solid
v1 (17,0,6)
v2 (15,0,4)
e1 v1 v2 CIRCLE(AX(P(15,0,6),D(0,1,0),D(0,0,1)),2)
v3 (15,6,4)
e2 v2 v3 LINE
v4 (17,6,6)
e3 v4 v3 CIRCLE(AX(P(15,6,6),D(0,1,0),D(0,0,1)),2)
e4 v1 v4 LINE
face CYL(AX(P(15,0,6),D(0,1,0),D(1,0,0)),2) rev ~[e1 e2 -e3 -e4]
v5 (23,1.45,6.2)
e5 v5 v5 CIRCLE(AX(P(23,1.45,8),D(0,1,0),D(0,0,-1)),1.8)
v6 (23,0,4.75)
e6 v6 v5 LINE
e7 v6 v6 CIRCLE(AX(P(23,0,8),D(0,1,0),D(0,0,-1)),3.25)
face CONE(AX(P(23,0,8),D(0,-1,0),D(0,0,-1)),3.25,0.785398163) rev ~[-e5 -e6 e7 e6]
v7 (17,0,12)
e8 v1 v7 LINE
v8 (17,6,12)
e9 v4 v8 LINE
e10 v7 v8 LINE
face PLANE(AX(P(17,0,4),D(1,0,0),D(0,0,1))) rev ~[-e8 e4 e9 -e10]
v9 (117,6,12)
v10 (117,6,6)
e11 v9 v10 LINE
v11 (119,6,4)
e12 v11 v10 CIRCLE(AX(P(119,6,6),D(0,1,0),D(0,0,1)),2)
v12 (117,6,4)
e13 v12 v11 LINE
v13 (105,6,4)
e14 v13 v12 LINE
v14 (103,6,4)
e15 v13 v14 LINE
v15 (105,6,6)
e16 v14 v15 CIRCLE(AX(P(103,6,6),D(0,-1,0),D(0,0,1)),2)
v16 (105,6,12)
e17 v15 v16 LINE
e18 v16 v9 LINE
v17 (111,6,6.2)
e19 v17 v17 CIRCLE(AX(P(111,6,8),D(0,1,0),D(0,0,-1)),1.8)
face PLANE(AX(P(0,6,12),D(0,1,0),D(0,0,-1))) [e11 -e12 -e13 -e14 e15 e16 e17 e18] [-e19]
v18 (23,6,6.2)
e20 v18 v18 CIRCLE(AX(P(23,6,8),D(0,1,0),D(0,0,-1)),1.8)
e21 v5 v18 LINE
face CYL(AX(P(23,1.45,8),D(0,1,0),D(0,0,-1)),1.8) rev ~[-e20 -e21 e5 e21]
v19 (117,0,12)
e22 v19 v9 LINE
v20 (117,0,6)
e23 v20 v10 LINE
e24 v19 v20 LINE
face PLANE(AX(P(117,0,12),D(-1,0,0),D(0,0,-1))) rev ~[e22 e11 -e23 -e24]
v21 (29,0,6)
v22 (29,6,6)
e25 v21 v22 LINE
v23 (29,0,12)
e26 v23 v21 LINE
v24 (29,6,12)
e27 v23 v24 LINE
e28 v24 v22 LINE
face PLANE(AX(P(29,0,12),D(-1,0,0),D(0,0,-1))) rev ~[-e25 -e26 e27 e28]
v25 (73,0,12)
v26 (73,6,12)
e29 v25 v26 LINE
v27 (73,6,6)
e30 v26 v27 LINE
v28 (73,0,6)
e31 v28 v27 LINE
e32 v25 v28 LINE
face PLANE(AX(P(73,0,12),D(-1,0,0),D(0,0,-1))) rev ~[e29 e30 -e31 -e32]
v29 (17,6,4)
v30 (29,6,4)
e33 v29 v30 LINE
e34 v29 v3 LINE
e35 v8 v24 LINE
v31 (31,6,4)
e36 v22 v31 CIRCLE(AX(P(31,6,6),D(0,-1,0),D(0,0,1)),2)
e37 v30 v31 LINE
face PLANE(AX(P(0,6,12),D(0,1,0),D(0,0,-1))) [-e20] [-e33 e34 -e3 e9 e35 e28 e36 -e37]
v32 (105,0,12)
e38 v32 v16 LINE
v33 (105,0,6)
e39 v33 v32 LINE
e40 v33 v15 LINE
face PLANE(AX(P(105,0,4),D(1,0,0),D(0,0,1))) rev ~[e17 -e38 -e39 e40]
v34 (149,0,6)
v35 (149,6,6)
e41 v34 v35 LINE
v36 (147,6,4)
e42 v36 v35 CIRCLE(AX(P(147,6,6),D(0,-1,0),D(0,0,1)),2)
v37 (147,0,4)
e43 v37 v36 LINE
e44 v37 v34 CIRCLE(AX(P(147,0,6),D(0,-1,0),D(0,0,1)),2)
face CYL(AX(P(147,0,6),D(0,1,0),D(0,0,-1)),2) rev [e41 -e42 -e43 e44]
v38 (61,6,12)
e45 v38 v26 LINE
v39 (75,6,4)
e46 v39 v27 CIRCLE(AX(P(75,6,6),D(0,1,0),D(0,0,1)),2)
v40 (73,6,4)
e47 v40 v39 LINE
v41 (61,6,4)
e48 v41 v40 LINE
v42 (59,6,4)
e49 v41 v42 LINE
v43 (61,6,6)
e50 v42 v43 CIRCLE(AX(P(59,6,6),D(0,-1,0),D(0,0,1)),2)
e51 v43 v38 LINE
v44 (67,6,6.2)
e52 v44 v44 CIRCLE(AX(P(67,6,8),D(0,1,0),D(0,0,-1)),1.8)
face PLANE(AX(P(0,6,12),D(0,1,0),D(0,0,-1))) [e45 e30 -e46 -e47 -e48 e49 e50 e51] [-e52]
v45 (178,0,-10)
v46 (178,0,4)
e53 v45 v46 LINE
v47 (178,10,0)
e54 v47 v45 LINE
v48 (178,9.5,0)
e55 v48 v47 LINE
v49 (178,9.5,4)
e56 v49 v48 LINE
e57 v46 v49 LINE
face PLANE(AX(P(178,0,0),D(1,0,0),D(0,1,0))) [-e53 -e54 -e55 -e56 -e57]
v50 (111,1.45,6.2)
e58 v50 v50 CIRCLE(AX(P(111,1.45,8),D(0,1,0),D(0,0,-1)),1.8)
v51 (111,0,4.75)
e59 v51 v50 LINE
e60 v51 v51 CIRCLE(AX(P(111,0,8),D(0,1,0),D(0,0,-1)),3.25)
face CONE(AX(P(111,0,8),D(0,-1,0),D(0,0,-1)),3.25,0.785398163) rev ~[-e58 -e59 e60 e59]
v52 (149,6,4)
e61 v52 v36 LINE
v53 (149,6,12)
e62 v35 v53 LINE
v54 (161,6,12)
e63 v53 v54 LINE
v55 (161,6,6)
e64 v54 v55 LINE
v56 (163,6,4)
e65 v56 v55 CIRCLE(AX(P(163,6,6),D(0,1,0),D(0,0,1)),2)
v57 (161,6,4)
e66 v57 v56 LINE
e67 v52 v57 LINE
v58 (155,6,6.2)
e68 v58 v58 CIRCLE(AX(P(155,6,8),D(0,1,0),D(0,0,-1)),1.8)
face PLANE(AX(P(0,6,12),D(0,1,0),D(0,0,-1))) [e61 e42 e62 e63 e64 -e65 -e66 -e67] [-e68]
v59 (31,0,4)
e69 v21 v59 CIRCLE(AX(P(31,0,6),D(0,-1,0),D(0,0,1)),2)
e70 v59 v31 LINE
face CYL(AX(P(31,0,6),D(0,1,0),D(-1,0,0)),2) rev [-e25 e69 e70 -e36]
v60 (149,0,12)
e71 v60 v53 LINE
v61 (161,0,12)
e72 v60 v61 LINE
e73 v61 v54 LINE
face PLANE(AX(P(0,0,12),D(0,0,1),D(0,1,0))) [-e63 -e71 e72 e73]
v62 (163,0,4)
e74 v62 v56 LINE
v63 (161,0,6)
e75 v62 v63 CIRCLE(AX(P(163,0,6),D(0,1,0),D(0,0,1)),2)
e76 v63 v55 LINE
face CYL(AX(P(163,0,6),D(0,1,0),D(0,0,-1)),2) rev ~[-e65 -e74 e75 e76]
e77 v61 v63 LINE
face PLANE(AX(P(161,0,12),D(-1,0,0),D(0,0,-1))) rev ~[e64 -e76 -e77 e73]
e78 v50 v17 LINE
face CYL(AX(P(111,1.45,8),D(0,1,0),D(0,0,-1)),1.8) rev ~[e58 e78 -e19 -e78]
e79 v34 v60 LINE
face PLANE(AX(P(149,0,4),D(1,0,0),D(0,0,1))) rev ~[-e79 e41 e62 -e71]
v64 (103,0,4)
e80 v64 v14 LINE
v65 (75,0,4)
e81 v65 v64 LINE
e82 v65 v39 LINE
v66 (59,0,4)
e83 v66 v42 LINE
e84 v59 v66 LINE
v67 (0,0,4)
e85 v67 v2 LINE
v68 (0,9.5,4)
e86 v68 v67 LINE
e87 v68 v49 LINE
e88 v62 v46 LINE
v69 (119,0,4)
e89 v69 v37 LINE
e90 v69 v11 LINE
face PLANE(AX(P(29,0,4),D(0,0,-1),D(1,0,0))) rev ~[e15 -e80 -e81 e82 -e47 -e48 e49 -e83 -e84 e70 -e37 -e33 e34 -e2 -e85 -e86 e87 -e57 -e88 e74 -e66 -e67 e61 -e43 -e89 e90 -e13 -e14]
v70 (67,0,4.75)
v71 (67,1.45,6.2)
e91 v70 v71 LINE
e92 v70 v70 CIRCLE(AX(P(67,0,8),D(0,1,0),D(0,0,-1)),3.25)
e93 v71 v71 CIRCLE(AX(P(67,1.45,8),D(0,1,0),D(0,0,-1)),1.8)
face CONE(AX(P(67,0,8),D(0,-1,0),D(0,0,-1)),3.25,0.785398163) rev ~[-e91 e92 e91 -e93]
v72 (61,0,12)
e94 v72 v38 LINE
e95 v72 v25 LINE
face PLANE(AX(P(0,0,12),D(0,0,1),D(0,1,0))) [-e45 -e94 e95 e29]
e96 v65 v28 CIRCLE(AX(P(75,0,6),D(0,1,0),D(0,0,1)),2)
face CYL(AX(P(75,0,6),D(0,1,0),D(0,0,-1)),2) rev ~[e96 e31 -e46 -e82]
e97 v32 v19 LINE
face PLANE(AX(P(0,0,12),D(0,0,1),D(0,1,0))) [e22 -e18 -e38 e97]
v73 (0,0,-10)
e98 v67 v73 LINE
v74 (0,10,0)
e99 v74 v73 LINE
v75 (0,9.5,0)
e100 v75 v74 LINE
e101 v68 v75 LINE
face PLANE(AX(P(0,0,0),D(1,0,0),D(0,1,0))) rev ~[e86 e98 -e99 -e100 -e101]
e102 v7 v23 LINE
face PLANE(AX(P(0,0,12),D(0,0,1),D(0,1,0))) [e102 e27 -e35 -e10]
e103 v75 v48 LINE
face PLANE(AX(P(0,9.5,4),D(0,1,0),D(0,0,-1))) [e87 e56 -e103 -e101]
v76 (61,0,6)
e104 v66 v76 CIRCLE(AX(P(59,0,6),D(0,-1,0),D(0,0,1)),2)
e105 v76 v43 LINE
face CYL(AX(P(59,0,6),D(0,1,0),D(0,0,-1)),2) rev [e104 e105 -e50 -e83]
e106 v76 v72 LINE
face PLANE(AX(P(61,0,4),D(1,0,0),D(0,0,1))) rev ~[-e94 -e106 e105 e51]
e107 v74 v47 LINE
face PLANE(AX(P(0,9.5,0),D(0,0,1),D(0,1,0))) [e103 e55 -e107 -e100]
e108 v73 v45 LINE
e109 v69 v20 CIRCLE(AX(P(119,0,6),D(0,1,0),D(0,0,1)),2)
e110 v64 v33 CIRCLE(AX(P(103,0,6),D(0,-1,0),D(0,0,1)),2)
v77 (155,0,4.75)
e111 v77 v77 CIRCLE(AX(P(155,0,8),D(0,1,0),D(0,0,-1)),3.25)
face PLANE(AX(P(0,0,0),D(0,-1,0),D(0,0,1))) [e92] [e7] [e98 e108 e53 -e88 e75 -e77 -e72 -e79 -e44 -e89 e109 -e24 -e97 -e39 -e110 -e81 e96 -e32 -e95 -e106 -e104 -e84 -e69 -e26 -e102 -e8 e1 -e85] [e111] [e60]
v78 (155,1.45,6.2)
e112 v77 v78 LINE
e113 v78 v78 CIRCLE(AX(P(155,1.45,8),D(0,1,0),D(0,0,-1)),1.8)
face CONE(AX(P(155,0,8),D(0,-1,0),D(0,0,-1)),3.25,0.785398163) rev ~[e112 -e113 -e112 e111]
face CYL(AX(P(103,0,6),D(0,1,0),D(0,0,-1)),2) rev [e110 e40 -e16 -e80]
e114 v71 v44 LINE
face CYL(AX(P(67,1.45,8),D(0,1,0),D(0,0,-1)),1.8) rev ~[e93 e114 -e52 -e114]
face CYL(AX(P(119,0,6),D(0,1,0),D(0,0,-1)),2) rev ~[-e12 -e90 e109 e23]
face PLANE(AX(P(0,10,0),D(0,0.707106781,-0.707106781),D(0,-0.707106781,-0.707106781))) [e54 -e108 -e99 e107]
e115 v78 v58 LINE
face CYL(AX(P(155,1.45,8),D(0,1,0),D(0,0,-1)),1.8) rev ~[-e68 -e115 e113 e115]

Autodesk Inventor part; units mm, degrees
ref_plane "YZ Plane" through (0, 0, 0) normal (1, 0, 0) x (0, 1, 0)
ref_plane "XZ Plane" through (0, 0, 0) normal (0, 1, 0) x (-1, 0, 0)
ref_plane "XY Plane" through (0, 0, 0) normal (0, 0, 1) x (1, 0, 0)
sketch "Sketch3" plane through (0, 0, 0) normal (1, 0, 0) x (0, 1, 0)
  line L0 (0, 0) -> (10, 0)
  line L1 (10, 0) -> (10, -10)
  line L2 (10, -10) -> (0, -10)
  line L3 (0, -10) -> (0, 0)
  line L4 (10, 0) -> (0, -10)
  line L5 (6, 0) -> (0, 0)
  line L6 (0, 0) -> (0, 12)
  line L7 (0, 12) -> (6, 12)
  line L8 (6, 12) -> (6, 0)
  line L9 (9.5, 0) -> (6, 0)
  line L10 (6, 0) -> (6, 4)
  line L11 (6, 4) -> (9.5, 4)
  line L12 (9.5, 4) -> (9.5, 0)
  dimension "d30" = 12
  dimension "d31" = 6
  dimension "d63" = 10
  dimension "d74" = 0.5
  dimension "d75" = 4
  dimension "d76" = 3.5
  dimension "d141" = 45
  dimension "d142" = 10
extrude "Extrusion2" add sketch "Sketch3" along normal blind 178 contours L6 L7 L8 L0 | L0 L4 L3 | L8 L11 L12 L0
sketch "Sketch10" plane through (0, 0, -10) normal (0, -1, 0) x (1, 0, 0)
  line L0 (0, 14) -> (0, 22) projected
  line L1 (0, 22) -> (178, 22) projected
  line L2 (178, 14) -> (178, 22) projected
  line L3 (0, 14) -> (178, 14) projected
  line L4 (0, 10) -> (0, 14) projected
  line L5 (0, 14) -> (17, 14)
  line L6 (17, 14) -> (17, 22)
  line L7 (17, 22) -> (0, 22)
  line L8 (0, 22) -> (0, 14)
  line L9 (0, 14) -> (178, 14) projected
  line L10 (178, 22) -> (161, 22)
  line L11 (161, 22) -> (161, 14)
  line L12 (161, 14) -> (178, 14)
  line L13 (178, 14) -> (178, 22)
  line L14 (17, 22) -> (29, 22)
  line L15 (29, 22) -> (29, 14)
  line L16 (29, 14) -> (17, 14)
  line L17 (17, 14) -> (17, 22)
  line L18 (61, 22) -> (73, 22)
  line L19 (73, 22) -> (73, 14)
  line L20 (73, 14) -> (61, 14)
  line L21 (61, 14) -> (61, 22)
  line L22 (105, 22) -> (117, 22)
  line L23 (117, 22) -> (117, 14)
  line L24 (117, 14) -> (105, 14)
  line L25 (105, 14) -> (105, 22)
  line L26 (149, 22) -> (161, 22)
  line L27 (161, 22) -> (161, 14)
  line L28 (161, 14) -> (149, 14)
  line L29 (149, 14) -> (149, 22)
  line L30 (17, 22) -> (29, 14)
  line L31 (29, 22) -> (17, 14)
  line L32 (61, 22) -> (73, 14)
  line L33 (73, 22) -> (61, 14)
  line L34 (105, 22) -> (117, 14)
  line L35 (117, 22) -> (105, 14)
  line L36 (149, 22) -> (161, 14)
  line L37 (161, 22) -> (149, 14)
  point P0 (105, 14)
  point P1 (23, 18)
  point P2 (67, 18)
  point P3 (111, 18)
  point P4 (155, 18)
  dimension "d118" = 17
  dimension "d119" = 17
  dimension "d120" = 12
  dimension "d121" = 12
  dimension "d122" = 12
  dimension "d123" = 12
  dimension "d124" = 0
  dimension "d125" = 0
  dimension "d126" = 32
  dimension "d129" = 32
  dimension "d130" = 32
extrude "Extrusion5" cut sketch "Sketch10" against normal up to next contours L0 L1 L6 L3 | L15 L1 L21 L3 | L19 L1 L25 L3 | L23 L1 L29 L3 | L11 L1 L2 L3
hole "Hole4" at (23, 0, 8) at (67, 0, 8) at (111, 0, 8) at (155, 0, 8) direction (0, 1, 0) diameter 3.6 end through all countersink diameter 6.5 countersink angle 90 clearance for "Countersunk Flat Head Screw ISO 2009/7046" size "M3" standard "ISO"
fillet "Fillet2" radius 2 8 edges at (17, 3, 4) (29, 3, 4) (61, 3, 4) (73, 3, 4) (105, 3, 4) (117, 3, 4) (149, 3, 4) (161, 3, 4)
equation "\"d126\" = d130"
equation "\"d129\" = d130"
properties part number "plog" material "Steel, Alloy"
